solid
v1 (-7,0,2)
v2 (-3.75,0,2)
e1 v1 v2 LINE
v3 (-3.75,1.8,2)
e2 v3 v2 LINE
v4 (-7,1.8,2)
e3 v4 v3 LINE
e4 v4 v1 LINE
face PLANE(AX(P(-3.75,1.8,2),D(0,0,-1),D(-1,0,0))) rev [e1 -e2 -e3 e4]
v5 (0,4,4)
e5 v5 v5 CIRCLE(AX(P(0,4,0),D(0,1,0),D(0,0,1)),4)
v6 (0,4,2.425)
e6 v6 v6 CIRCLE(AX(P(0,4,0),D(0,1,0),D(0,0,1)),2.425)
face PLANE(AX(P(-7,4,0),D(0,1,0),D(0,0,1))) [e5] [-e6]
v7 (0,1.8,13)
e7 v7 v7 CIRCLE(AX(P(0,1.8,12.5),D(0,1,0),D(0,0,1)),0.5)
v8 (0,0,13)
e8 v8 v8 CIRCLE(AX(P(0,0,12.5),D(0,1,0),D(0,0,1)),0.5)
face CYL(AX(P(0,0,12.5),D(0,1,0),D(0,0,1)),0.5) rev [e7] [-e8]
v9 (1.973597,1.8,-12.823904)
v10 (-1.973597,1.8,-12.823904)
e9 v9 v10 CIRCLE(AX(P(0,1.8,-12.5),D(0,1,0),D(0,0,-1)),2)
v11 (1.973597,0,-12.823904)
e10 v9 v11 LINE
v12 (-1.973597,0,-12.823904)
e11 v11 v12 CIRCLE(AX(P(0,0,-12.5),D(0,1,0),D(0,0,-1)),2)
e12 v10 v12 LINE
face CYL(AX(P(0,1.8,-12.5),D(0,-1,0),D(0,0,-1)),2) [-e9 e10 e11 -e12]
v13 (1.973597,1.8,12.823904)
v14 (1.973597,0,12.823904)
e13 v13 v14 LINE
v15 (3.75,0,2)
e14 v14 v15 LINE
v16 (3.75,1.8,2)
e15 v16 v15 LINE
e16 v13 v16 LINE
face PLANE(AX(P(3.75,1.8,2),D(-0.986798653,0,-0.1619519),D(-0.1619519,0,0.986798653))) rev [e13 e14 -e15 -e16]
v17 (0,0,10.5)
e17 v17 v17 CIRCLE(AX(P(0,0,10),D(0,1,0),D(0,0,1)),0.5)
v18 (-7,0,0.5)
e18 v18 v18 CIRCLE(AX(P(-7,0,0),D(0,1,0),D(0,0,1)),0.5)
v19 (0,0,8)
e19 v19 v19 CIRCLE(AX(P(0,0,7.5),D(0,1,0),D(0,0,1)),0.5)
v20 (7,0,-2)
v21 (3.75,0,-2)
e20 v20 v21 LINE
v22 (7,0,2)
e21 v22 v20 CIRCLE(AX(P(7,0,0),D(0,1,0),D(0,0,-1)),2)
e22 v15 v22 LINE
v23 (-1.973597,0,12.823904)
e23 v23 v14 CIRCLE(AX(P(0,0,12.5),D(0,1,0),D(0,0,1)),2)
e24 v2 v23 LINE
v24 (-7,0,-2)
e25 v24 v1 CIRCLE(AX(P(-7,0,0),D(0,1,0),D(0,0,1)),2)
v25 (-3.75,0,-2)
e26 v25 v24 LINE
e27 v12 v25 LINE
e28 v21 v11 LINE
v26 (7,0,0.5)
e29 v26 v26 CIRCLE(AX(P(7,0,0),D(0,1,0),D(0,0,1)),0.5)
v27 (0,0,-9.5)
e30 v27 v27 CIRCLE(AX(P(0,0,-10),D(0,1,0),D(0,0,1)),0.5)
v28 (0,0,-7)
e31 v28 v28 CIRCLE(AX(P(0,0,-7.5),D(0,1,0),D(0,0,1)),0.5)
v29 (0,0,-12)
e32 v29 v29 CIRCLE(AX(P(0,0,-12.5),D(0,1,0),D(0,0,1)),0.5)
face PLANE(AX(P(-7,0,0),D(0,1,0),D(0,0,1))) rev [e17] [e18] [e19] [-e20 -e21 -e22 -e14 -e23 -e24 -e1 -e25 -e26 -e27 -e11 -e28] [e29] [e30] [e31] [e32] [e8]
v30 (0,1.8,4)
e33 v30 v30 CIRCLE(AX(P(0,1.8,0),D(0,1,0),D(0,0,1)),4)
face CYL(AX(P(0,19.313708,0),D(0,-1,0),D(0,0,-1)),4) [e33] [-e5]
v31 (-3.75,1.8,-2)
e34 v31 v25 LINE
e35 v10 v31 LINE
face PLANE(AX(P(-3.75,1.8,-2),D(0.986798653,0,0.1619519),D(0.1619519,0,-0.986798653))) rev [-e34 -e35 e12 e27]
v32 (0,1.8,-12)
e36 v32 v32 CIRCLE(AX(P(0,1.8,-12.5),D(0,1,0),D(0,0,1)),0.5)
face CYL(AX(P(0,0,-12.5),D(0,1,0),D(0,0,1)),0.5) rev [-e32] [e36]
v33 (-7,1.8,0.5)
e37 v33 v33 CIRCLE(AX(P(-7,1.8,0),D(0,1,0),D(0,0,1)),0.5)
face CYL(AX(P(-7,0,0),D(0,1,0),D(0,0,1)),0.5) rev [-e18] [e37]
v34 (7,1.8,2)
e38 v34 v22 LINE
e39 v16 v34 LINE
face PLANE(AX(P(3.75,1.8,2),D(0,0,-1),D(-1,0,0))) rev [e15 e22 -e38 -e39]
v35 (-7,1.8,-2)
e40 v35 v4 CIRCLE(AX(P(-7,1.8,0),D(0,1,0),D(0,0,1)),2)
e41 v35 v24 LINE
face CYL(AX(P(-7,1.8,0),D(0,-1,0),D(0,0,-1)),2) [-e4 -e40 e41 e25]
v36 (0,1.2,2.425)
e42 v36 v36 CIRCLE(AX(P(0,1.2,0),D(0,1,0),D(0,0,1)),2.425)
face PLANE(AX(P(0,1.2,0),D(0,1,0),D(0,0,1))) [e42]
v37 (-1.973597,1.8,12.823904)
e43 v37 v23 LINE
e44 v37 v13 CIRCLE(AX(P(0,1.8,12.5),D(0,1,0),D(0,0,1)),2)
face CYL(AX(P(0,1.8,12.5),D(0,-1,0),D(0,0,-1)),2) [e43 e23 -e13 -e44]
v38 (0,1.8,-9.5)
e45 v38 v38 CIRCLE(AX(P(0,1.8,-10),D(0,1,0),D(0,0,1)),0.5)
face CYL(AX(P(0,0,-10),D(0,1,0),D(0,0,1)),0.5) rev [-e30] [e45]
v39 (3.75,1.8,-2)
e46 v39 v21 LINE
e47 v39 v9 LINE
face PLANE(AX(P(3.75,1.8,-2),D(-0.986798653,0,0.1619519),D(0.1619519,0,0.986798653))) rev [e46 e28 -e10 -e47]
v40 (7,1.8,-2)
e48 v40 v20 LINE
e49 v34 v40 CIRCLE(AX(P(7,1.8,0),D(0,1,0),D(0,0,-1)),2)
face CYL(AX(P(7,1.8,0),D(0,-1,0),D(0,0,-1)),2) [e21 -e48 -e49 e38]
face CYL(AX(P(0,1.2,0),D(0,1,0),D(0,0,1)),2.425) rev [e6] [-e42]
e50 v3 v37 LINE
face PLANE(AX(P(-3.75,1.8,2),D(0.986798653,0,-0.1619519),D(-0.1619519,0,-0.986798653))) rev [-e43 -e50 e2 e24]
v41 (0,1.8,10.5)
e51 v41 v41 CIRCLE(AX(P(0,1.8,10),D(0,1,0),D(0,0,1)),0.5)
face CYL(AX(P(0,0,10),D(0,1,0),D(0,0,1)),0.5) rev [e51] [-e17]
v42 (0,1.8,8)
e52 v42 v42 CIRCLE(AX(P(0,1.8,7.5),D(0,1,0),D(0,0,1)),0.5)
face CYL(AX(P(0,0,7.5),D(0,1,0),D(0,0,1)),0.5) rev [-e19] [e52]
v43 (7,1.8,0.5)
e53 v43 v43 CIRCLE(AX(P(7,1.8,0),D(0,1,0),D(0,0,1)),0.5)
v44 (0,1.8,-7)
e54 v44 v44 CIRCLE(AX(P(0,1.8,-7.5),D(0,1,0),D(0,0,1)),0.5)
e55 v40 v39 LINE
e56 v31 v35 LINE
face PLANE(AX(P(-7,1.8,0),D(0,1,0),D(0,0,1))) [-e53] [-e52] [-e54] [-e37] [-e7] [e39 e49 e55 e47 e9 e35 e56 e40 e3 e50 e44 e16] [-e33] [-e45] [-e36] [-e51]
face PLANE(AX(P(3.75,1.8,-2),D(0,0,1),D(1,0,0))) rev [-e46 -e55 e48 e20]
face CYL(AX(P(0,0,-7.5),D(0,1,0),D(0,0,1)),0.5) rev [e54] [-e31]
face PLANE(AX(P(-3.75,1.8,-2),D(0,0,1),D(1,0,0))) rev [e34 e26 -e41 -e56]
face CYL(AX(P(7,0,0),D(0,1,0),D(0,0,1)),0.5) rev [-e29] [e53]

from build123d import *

# Parameters (mm, degrees)
BOSS_EXTRUDE1_DEPTH = 1.8
SKETCH2_R           = 4
BOSS_EXTRUDE2_DEPTH = 2.2
SKETCH3_R           = 2.425
CUT_EXTRUDE1_DEPTH  = 2.8
SKETCH4_R           = 0.5
CUT_EXTRUDE2_DEPTH  = 2.8


with BuildPart() as part:
    # Sketch1 → Boss-Extrude1 (new body)
    with BuildSketch(Plane(origin=(0, 0, 0), x_dir=(1, 0, 0), z_dir=(0, 1, 0))):
        with BuildLine():
            Line((-3.75, 2), (-1.973597307, 12.8239038))
            ThreePointArc((-1.973597307, 12.8239038), (0, 14.5), (1.973597307, 12.8239038))
            Line((1.973597307, 12.8239038), (3.75, 2))
            Line((3.75, 2), (7, 2))
            ThreePointArc((7, 2), (9, 0), (7, -2))
            Line((7, -2), (3.75, -2))
            Line((3.75, -2), (1.973597307, -12.8239038))
            ThreePointArc((1.973597307, -12.8239038), (0, -14.5), (-1.973597307, -12.8239038))
            Line((-1.973597307, -12.8239038), (-3.75, -2))
            Line((-3.75, -2), (-7, -2))
            ThreePointArc((-7, -2), (-9, 0), (-7, 2))
            Line((-7, 2), (-3.75, 2))
        make_face()
    extrude(amount=BOSS_EXTRUDE1_DEPTH)

    # Sketch2 → Boss-Extrude2 (add)
    with BuildSketch(Plane(origin=(0, 1.8, 0), x_dir=(1, 0, 0), z_dir=(0, 1, 0))):
        Circle(SKETCH2_R)
    extrude(amount=BOSS_EXTRUDE2_DEPTH)

    # Sketch3 → Cut-Extrude1 (cut)
    with BuildSketch(Plane(origin=(0, 4, 0), x_dir=(1, 0, 0), z_dir=(0, 1, 0))):
        Circle(SKETCH3_R)
    extrude(amount=-CUT_EXTRUDE1_DEPTH, mode=Mode.SUBTRACT)

    # Sketch4 → Cut-Extrude2 (cut, through all)
    with BuildSketch(Plane(origin=(0, 1.8, 0), x_dir=(1, 0, 0), z_dir=(0, 1, 0))):
        with Locations((-7, 0)):
            Circle(SKETCH4_R)
        with Locations((7, 0)):
            Circle(SKETCH4_R)
        with Locations((0, 7.5)):
            Circle(SKETCH4_R)
        with Locations((0, -7.5)):
            Circle(SKETCH4_R)
        with Locations((0, 10)):
            Circle(SKETCH4_R)
        with Locations((0, 12.5)):
            Circle(SKETCH4_R)
        with Locations((0, -10)):
            Circle(SKETCH4_R)
        with Locations((0, -12.5)):
            Circle(SKETCH4_R)
    extrude(amount=-CUT_EXTRUDE2_DEPTH, mode=Mode.SUBTRACT)


solid = part.part
